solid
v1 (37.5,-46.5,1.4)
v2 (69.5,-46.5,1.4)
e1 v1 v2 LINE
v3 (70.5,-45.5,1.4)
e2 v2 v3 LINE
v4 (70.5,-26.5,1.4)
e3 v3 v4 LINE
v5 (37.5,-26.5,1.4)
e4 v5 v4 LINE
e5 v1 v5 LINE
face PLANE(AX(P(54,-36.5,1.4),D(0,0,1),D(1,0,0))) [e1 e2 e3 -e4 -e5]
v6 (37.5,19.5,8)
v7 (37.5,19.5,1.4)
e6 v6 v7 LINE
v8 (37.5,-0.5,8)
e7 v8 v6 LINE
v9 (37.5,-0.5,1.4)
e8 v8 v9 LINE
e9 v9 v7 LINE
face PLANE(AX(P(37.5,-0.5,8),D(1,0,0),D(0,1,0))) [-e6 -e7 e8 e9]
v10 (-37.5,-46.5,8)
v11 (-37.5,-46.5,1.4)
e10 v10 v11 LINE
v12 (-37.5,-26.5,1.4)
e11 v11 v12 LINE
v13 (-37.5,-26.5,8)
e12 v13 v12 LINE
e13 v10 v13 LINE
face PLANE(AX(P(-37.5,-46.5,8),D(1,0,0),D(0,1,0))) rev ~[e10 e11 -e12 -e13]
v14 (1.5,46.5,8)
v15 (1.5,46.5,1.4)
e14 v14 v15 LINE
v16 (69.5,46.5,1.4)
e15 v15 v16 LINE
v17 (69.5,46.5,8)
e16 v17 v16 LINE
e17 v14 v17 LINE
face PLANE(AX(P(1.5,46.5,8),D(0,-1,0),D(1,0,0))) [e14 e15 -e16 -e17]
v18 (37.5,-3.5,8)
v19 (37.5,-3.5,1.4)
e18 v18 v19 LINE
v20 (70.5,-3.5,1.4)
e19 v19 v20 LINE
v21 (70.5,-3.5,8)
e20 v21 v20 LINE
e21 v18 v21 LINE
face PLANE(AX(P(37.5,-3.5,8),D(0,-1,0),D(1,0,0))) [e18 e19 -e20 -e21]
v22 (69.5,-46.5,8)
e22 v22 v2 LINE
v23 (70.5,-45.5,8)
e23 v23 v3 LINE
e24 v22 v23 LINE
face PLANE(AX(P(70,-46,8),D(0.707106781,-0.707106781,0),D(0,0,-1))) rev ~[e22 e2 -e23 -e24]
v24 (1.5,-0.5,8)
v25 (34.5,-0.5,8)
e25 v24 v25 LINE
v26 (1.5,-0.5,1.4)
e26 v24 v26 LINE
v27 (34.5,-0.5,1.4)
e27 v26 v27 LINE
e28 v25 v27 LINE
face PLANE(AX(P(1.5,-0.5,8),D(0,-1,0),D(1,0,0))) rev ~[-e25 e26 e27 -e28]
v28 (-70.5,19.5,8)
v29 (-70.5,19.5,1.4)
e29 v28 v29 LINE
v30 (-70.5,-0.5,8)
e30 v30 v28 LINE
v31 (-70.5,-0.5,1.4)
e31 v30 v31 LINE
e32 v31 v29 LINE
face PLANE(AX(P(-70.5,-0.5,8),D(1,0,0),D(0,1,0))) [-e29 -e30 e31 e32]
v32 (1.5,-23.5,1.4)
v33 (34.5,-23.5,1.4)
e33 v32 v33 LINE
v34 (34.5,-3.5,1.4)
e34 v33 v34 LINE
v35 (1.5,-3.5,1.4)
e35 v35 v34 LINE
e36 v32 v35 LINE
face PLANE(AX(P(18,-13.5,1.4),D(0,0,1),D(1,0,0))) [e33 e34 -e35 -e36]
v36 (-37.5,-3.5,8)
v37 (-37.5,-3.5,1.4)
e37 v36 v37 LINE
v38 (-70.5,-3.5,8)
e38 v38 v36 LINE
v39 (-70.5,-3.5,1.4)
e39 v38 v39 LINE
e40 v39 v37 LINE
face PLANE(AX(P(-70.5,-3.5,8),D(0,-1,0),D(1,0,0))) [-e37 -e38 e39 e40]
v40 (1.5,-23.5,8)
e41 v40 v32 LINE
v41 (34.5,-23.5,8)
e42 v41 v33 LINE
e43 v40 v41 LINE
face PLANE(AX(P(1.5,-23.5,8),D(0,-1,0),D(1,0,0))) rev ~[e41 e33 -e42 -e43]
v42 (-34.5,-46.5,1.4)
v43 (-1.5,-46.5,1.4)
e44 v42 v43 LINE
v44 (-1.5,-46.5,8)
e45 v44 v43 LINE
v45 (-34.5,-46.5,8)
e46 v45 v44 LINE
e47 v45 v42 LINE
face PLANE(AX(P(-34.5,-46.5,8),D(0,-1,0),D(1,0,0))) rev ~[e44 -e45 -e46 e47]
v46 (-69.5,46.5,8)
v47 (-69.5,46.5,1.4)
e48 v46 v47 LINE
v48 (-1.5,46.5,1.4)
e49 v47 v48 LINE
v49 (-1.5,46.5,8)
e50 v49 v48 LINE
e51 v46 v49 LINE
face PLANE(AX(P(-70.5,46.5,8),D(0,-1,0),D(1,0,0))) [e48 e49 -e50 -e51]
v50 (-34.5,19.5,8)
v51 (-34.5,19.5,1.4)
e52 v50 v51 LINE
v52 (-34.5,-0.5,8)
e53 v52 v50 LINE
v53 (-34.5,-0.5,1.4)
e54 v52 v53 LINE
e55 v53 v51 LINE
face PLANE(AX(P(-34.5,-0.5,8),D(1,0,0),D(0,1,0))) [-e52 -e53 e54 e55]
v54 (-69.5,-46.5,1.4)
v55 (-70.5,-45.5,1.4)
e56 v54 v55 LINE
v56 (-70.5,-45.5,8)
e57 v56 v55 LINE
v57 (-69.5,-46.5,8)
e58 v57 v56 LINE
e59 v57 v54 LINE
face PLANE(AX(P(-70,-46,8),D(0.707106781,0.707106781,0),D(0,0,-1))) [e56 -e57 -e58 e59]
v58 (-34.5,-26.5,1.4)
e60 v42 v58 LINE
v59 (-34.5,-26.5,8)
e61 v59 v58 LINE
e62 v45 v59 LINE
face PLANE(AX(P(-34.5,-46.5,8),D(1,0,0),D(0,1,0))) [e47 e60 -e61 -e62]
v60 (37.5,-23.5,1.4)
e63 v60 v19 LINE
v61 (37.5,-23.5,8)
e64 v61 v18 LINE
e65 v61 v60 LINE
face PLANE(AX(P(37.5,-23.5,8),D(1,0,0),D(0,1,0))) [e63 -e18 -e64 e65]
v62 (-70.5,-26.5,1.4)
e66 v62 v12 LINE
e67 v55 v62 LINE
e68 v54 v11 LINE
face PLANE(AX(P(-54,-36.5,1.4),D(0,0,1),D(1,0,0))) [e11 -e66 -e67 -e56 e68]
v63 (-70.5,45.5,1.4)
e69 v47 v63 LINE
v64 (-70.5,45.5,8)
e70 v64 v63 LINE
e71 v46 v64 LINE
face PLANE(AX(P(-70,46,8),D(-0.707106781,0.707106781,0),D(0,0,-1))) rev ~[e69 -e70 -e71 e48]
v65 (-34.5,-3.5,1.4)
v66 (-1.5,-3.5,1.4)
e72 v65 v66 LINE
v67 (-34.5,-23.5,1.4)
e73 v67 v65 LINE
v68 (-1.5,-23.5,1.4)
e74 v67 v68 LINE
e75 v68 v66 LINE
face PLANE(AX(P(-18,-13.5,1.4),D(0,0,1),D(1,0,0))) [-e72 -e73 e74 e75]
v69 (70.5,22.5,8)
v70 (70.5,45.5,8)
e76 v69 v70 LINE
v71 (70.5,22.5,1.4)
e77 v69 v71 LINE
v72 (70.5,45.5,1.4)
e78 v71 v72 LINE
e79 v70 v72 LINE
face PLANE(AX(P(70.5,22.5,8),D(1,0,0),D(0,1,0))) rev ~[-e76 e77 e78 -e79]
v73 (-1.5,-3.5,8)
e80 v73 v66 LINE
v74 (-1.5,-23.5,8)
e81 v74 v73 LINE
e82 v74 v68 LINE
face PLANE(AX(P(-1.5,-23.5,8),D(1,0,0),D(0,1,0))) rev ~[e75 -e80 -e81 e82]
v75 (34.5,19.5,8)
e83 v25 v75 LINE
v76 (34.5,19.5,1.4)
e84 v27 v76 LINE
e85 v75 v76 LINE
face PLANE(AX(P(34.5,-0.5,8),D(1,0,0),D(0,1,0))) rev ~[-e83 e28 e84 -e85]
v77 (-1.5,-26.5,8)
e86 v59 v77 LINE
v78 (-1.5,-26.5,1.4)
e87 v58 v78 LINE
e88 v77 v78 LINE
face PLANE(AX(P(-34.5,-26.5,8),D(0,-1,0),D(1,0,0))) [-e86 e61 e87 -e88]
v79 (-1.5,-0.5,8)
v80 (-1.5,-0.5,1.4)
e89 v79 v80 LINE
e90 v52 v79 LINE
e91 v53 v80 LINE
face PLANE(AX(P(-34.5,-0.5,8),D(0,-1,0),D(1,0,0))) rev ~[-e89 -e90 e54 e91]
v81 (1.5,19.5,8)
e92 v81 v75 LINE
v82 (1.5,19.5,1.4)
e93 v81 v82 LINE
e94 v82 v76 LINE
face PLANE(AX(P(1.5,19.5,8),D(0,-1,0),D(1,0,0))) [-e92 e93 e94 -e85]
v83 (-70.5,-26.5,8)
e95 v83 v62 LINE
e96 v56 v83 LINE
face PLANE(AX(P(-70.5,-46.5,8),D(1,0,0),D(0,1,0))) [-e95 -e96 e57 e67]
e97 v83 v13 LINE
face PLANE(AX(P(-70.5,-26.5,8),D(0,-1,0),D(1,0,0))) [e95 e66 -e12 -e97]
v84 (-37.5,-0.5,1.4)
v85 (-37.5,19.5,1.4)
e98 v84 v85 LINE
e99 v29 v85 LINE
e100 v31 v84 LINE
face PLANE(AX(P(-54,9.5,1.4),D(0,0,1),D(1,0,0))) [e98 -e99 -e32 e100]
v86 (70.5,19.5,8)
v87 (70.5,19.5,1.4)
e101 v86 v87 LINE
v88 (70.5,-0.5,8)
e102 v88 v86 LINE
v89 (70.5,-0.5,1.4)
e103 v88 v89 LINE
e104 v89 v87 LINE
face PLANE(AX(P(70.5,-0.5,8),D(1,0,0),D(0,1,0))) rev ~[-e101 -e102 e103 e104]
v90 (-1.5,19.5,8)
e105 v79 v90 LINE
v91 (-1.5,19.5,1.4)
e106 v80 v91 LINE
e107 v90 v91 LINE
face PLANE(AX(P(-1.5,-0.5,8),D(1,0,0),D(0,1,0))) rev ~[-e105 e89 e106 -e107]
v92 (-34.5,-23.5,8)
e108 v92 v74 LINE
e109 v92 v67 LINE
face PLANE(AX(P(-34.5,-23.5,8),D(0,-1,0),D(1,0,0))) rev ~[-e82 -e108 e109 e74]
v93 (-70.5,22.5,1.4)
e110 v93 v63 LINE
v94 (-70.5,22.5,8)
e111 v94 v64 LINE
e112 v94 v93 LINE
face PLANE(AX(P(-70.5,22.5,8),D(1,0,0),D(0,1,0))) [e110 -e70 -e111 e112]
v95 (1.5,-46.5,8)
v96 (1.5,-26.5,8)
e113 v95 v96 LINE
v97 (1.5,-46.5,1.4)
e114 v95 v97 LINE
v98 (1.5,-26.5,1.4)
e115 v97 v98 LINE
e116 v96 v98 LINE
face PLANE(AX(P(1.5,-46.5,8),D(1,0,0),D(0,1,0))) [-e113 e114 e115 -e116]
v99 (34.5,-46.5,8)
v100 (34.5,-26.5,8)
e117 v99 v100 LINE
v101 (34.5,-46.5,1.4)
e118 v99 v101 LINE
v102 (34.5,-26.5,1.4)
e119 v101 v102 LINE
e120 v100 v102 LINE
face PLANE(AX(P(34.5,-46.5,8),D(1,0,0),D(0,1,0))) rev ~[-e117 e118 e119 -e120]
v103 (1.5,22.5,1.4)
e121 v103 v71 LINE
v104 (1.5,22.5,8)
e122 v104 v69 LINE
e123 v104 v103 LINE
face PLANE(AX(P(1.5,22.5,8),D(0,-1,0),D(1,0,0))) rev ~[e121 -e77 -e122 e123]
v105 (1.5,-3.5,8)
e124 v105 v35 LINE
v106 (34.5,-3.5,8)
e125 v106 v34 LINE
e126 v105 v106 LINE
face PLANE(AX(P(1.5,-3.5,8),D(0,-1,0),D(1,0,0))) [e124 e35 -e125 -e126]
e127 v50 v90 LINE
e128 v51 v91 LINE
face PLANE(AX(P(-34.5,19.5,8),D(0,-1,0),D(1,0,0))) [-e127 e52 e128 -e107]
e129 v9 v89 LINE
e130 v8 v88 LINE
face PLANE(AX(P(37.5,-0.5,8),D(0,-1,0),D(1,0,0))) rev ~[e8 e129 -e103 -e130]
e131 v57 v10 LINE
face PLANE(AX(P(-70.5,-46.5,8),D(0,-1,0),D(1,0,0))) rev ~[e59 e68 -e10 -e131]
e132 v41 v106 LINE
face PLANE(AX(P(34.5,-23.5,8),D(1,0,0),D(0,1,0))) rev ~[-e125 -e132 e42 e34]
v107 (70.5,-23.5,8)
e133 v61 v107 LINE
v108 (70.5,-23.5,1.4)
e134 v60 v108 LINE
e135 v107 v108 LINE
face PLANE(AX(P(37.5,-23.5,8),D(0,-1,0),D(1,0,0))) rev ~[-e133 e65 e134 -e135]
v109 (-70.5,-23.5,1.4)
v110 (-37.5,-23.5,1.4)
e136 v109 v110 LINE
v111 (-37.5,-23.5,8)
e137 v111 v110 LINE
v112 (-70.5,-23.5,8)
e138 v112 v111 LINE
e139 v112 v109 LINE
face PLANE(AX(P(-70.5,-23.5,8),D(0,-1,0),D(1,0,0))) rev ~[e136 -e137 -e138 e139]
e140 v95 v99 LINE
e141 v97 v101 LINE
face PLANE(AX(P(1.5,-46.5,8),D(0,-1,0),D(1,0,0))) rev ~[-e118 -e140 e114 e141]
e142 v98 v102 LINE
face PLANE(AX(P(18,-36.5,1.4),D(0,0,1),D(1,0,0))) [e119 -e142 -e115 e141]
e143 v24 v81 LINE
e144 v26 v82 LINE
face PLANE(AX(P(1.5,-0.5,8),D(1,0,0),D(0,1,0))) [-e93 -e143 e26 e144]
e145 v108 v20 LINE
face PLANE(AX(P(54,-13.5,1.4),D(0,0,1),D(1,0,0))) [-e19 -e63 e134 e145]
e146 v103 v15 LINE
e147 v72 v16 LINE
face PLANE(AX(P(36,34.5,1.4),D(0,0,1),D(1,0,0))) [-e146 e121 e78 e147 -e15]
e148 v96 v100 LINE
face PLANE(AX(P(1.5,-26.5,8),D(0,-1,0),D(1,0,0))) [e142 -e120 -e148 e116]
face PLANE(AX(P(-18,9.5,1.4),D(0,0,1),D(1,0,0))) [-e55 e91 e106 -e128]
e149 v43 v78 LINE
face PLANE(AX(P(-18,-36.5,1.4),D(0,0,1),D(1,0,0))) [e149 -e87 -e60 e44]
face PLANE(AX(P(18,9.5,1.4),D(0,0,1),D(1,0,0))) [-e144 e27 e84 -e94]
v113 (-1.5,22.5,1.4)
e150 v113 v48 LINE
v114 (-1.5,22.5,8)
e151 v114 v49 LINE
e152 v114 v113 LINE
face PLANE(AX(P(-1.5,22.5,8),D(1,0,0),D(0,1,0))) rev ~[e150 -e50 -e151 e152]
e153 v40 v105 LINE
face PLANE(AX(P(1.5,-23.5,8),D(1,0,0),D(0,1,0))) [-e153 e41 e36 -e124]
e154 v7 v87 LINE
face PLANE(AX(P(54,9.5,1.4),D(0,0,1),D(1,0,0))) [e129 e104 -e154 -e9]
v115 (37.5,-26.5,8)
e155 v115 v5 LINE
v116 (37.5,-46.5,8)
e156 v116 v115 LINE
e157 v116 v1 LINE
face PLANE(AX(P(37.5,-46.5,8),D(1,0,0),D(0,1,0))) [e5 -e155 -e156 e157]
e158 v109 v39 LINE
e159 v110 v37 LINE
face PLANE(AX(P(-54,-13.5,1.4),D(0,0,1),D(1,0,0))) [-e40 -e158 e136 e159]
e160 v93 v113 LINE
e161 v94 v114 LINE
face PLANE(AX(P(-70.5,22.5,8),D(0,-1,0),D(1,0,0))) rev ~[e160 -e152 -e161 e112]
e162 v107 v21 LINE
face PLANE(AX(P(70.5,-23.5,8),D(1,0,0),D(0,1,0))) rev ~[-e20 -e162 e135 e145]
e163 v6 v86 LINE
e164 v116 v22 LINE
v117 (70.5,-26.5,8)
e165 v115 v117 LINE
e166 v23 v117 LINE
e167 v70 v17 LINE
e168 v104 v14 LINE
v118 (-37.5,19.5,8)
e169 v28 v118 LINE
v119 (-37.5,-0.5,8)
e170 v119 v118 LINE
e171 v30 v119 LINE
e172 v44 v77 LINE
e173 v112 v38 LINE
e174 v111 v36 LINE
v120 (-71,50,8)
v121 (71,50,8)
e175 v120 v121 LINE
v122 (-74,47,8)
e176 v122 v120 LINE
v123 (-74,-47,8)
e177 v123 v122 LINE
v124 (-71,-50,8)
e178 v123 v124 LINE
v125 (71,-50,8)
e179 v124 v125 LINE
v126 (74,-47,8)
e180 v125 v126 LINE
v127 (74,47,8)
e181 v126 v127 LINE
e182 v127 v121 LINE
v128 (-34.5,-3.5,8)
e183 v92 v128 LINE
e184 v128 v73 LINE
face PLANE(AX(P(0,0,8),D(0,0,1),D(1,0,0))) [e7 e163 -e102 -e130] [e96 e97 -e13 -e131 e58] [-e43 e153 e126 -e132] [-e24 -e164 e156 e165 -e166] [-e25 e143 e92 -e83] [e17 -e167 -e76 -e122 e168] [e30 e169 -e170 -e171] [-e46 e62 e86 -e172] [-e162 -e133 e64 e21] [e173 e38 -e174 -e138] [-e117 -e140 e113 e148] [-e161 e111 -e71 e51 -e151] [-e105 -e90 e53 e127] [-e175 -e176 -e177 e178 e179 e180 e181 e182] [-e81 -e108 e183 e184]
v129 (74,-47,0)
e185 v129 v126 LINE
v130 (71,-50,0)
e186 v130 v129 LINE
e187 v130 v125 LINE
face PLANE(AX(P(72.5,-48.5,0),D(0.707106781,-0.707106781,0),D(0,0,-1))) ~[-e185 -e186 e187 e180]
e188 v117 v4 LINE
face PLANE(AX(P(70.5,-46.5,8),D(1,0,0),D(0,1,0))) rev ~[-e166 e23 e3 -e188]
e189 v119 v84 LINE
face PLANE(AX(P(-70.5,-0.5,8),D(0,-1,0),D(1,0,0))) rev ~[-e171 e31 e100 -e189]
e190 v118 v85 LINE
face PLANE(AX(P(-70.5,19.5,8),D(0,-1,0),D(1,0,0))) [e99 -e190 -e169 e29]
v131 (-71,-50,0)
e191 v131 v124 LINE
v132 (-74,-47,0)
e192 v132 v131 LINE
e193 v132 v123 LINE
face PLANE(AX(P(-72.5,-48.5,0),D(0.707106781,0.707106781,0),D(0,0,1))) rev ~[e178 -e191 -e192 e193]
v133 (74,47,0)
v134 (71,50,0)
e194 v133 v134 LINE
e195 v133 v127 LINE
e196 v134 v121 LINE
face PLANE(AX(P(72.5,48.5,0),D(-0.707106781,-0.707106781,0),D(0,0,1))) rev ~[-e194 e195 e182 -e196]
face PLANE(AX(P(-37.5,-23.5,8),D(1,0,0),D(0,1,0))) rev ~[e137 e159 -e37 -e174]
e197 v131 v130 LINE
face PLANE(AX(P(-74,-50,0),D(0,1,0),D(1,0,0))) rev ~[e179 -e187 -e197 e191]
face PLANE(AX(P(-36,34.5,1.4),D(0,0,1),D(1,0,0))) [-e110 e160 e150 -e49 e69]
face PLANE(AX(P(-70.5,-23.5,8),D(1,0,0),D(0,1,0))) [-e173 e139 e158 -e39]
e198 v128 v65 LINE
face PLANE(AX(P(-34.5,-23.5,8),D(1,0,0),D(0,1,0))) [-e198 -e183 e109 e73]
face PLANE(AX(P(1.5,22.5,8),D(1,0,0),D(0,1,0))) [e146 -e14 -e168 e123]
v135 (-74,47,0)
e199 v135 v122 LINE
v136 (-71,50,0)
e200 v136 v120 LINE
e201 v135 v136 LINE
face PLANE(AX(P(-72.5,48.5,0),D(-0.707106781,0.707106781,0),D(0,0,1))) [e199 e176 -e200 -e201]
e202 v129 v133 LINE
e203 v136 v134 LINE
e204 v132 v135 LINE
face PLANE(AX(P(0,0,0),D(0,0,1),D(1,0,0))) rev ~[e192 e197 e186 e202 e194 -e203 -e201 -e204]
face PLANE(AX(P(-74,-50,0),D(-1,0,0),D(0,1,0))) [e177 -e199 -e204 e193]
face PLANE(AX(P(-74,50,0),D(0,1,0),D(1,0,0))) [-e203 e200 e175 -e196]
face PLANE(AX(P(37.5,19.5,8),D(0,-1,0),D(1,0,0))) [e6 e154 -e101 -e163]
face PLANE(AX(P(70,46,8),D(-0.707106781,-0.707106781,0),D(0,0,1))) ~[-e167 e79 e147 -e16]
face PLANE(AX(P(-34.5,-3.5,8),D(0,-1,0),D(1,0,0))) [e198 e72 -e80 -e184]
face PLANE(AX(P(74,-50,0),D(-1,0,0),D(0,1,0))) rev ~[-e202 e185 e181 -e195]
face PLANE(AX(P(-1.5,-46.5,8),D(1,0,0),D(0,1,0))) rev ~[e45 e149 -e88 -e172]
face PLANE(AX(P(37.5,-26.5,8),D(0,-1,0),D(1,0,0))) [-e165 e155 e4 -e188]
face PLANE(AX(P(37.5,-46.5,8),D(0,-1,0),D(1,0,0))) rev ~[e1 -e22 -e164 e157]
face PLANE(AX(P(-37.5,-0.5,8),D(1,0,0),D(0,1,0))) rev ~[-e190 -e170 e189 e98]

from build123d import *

# Parameters (mm, degrees)
F0_W     = 148
F0_H     = 100
F1_DEPTH = 8
F2_SIZE  = 3
F3_W     = 69
F3_H     = 24
F3_W_2   = 33
F3_H_2   = 20
F4_DEPTH = 6.6
F5_SIZE  = 1


with BuildPart() as f1:
    # F0 (on Top) → F1 (new body)
    with BuildSketch(Plane.XY):
        Rectangle(F0_W, F0_H)
    extrude(amount=F1_DEPTH)

    # F2
    f2_edges = [f1.edges().sort_by_distance(p)[0] for p in [
        (-74, -50, 4),
        (-74, 50, 4),
        (74, 50, 4),
        (74, -50, 4),
    ]]
    chamfer(f2_edges, length=F2_SIZE)

    # F3 (on face) → F4 (cut)
    with BuildSketch(Plane.XY.offset(8)):
        with Locations((-36, 34.5)):
            Rectangle(F3_W, F3_H)
        with Locations((36, 34.5)):
            Rectangle(F3_W, F3_H)
        with Locations((-54, 9.5)):
            Rectangle(F3_W_2, F3_H_2)
        with Locations((-18, 9.5)):
            Rectangle(F3_W_2, F3_H_2)
        with Locations((18, 9.5)):
            Rectangle(F3_W_2, F3_H_2)
        with Locations((54, 9.5)):
            Rectangle(F3_W_2, F3_H_2)
        with Locations((54, -13.5)):
            Rectangle(F3_W_2, F3_H_2)
        with Locations((18, -13.5)):
            Rectangle(F3_W_2, F3_H_2)
        with Locations((-18, -13.5)):
            Rectangle(F3_W_2, F3_H_2)
        with Locations((-54, -13.5)):
            Rectangle(F3_W_2, F3_H_2)
        with Locations((-54, -36.5)):
            Rectangle(F3_W_2, F3_H_2)
        with Locations((-18, -36.5)):
            Rectangle(F3_W_2, F3_H_2)
        with Locations((18, -36.5)):
            Rectangle(F3_W_2, F3_H_2)
        with Locations((54, -36.5)):
            Rectangle(F3_W_2, F3_H_2)
    extrude(amount=-F4_DEPTH, mode=Mode.SUBTRACT)

    # F5
    f5_edges = [f1.edges().sort_by_distance(p)[0] for p in [
        (70.5, 46.5, 4.7),
        (-70.5, 46.5, 4.7),
        (70.5, -46.5, 4.7),
        (-70.5, -46.5, 4.7),
    ]]
    chamfer(f5_edges, length=F5_SIZE)


solid = f1.part
